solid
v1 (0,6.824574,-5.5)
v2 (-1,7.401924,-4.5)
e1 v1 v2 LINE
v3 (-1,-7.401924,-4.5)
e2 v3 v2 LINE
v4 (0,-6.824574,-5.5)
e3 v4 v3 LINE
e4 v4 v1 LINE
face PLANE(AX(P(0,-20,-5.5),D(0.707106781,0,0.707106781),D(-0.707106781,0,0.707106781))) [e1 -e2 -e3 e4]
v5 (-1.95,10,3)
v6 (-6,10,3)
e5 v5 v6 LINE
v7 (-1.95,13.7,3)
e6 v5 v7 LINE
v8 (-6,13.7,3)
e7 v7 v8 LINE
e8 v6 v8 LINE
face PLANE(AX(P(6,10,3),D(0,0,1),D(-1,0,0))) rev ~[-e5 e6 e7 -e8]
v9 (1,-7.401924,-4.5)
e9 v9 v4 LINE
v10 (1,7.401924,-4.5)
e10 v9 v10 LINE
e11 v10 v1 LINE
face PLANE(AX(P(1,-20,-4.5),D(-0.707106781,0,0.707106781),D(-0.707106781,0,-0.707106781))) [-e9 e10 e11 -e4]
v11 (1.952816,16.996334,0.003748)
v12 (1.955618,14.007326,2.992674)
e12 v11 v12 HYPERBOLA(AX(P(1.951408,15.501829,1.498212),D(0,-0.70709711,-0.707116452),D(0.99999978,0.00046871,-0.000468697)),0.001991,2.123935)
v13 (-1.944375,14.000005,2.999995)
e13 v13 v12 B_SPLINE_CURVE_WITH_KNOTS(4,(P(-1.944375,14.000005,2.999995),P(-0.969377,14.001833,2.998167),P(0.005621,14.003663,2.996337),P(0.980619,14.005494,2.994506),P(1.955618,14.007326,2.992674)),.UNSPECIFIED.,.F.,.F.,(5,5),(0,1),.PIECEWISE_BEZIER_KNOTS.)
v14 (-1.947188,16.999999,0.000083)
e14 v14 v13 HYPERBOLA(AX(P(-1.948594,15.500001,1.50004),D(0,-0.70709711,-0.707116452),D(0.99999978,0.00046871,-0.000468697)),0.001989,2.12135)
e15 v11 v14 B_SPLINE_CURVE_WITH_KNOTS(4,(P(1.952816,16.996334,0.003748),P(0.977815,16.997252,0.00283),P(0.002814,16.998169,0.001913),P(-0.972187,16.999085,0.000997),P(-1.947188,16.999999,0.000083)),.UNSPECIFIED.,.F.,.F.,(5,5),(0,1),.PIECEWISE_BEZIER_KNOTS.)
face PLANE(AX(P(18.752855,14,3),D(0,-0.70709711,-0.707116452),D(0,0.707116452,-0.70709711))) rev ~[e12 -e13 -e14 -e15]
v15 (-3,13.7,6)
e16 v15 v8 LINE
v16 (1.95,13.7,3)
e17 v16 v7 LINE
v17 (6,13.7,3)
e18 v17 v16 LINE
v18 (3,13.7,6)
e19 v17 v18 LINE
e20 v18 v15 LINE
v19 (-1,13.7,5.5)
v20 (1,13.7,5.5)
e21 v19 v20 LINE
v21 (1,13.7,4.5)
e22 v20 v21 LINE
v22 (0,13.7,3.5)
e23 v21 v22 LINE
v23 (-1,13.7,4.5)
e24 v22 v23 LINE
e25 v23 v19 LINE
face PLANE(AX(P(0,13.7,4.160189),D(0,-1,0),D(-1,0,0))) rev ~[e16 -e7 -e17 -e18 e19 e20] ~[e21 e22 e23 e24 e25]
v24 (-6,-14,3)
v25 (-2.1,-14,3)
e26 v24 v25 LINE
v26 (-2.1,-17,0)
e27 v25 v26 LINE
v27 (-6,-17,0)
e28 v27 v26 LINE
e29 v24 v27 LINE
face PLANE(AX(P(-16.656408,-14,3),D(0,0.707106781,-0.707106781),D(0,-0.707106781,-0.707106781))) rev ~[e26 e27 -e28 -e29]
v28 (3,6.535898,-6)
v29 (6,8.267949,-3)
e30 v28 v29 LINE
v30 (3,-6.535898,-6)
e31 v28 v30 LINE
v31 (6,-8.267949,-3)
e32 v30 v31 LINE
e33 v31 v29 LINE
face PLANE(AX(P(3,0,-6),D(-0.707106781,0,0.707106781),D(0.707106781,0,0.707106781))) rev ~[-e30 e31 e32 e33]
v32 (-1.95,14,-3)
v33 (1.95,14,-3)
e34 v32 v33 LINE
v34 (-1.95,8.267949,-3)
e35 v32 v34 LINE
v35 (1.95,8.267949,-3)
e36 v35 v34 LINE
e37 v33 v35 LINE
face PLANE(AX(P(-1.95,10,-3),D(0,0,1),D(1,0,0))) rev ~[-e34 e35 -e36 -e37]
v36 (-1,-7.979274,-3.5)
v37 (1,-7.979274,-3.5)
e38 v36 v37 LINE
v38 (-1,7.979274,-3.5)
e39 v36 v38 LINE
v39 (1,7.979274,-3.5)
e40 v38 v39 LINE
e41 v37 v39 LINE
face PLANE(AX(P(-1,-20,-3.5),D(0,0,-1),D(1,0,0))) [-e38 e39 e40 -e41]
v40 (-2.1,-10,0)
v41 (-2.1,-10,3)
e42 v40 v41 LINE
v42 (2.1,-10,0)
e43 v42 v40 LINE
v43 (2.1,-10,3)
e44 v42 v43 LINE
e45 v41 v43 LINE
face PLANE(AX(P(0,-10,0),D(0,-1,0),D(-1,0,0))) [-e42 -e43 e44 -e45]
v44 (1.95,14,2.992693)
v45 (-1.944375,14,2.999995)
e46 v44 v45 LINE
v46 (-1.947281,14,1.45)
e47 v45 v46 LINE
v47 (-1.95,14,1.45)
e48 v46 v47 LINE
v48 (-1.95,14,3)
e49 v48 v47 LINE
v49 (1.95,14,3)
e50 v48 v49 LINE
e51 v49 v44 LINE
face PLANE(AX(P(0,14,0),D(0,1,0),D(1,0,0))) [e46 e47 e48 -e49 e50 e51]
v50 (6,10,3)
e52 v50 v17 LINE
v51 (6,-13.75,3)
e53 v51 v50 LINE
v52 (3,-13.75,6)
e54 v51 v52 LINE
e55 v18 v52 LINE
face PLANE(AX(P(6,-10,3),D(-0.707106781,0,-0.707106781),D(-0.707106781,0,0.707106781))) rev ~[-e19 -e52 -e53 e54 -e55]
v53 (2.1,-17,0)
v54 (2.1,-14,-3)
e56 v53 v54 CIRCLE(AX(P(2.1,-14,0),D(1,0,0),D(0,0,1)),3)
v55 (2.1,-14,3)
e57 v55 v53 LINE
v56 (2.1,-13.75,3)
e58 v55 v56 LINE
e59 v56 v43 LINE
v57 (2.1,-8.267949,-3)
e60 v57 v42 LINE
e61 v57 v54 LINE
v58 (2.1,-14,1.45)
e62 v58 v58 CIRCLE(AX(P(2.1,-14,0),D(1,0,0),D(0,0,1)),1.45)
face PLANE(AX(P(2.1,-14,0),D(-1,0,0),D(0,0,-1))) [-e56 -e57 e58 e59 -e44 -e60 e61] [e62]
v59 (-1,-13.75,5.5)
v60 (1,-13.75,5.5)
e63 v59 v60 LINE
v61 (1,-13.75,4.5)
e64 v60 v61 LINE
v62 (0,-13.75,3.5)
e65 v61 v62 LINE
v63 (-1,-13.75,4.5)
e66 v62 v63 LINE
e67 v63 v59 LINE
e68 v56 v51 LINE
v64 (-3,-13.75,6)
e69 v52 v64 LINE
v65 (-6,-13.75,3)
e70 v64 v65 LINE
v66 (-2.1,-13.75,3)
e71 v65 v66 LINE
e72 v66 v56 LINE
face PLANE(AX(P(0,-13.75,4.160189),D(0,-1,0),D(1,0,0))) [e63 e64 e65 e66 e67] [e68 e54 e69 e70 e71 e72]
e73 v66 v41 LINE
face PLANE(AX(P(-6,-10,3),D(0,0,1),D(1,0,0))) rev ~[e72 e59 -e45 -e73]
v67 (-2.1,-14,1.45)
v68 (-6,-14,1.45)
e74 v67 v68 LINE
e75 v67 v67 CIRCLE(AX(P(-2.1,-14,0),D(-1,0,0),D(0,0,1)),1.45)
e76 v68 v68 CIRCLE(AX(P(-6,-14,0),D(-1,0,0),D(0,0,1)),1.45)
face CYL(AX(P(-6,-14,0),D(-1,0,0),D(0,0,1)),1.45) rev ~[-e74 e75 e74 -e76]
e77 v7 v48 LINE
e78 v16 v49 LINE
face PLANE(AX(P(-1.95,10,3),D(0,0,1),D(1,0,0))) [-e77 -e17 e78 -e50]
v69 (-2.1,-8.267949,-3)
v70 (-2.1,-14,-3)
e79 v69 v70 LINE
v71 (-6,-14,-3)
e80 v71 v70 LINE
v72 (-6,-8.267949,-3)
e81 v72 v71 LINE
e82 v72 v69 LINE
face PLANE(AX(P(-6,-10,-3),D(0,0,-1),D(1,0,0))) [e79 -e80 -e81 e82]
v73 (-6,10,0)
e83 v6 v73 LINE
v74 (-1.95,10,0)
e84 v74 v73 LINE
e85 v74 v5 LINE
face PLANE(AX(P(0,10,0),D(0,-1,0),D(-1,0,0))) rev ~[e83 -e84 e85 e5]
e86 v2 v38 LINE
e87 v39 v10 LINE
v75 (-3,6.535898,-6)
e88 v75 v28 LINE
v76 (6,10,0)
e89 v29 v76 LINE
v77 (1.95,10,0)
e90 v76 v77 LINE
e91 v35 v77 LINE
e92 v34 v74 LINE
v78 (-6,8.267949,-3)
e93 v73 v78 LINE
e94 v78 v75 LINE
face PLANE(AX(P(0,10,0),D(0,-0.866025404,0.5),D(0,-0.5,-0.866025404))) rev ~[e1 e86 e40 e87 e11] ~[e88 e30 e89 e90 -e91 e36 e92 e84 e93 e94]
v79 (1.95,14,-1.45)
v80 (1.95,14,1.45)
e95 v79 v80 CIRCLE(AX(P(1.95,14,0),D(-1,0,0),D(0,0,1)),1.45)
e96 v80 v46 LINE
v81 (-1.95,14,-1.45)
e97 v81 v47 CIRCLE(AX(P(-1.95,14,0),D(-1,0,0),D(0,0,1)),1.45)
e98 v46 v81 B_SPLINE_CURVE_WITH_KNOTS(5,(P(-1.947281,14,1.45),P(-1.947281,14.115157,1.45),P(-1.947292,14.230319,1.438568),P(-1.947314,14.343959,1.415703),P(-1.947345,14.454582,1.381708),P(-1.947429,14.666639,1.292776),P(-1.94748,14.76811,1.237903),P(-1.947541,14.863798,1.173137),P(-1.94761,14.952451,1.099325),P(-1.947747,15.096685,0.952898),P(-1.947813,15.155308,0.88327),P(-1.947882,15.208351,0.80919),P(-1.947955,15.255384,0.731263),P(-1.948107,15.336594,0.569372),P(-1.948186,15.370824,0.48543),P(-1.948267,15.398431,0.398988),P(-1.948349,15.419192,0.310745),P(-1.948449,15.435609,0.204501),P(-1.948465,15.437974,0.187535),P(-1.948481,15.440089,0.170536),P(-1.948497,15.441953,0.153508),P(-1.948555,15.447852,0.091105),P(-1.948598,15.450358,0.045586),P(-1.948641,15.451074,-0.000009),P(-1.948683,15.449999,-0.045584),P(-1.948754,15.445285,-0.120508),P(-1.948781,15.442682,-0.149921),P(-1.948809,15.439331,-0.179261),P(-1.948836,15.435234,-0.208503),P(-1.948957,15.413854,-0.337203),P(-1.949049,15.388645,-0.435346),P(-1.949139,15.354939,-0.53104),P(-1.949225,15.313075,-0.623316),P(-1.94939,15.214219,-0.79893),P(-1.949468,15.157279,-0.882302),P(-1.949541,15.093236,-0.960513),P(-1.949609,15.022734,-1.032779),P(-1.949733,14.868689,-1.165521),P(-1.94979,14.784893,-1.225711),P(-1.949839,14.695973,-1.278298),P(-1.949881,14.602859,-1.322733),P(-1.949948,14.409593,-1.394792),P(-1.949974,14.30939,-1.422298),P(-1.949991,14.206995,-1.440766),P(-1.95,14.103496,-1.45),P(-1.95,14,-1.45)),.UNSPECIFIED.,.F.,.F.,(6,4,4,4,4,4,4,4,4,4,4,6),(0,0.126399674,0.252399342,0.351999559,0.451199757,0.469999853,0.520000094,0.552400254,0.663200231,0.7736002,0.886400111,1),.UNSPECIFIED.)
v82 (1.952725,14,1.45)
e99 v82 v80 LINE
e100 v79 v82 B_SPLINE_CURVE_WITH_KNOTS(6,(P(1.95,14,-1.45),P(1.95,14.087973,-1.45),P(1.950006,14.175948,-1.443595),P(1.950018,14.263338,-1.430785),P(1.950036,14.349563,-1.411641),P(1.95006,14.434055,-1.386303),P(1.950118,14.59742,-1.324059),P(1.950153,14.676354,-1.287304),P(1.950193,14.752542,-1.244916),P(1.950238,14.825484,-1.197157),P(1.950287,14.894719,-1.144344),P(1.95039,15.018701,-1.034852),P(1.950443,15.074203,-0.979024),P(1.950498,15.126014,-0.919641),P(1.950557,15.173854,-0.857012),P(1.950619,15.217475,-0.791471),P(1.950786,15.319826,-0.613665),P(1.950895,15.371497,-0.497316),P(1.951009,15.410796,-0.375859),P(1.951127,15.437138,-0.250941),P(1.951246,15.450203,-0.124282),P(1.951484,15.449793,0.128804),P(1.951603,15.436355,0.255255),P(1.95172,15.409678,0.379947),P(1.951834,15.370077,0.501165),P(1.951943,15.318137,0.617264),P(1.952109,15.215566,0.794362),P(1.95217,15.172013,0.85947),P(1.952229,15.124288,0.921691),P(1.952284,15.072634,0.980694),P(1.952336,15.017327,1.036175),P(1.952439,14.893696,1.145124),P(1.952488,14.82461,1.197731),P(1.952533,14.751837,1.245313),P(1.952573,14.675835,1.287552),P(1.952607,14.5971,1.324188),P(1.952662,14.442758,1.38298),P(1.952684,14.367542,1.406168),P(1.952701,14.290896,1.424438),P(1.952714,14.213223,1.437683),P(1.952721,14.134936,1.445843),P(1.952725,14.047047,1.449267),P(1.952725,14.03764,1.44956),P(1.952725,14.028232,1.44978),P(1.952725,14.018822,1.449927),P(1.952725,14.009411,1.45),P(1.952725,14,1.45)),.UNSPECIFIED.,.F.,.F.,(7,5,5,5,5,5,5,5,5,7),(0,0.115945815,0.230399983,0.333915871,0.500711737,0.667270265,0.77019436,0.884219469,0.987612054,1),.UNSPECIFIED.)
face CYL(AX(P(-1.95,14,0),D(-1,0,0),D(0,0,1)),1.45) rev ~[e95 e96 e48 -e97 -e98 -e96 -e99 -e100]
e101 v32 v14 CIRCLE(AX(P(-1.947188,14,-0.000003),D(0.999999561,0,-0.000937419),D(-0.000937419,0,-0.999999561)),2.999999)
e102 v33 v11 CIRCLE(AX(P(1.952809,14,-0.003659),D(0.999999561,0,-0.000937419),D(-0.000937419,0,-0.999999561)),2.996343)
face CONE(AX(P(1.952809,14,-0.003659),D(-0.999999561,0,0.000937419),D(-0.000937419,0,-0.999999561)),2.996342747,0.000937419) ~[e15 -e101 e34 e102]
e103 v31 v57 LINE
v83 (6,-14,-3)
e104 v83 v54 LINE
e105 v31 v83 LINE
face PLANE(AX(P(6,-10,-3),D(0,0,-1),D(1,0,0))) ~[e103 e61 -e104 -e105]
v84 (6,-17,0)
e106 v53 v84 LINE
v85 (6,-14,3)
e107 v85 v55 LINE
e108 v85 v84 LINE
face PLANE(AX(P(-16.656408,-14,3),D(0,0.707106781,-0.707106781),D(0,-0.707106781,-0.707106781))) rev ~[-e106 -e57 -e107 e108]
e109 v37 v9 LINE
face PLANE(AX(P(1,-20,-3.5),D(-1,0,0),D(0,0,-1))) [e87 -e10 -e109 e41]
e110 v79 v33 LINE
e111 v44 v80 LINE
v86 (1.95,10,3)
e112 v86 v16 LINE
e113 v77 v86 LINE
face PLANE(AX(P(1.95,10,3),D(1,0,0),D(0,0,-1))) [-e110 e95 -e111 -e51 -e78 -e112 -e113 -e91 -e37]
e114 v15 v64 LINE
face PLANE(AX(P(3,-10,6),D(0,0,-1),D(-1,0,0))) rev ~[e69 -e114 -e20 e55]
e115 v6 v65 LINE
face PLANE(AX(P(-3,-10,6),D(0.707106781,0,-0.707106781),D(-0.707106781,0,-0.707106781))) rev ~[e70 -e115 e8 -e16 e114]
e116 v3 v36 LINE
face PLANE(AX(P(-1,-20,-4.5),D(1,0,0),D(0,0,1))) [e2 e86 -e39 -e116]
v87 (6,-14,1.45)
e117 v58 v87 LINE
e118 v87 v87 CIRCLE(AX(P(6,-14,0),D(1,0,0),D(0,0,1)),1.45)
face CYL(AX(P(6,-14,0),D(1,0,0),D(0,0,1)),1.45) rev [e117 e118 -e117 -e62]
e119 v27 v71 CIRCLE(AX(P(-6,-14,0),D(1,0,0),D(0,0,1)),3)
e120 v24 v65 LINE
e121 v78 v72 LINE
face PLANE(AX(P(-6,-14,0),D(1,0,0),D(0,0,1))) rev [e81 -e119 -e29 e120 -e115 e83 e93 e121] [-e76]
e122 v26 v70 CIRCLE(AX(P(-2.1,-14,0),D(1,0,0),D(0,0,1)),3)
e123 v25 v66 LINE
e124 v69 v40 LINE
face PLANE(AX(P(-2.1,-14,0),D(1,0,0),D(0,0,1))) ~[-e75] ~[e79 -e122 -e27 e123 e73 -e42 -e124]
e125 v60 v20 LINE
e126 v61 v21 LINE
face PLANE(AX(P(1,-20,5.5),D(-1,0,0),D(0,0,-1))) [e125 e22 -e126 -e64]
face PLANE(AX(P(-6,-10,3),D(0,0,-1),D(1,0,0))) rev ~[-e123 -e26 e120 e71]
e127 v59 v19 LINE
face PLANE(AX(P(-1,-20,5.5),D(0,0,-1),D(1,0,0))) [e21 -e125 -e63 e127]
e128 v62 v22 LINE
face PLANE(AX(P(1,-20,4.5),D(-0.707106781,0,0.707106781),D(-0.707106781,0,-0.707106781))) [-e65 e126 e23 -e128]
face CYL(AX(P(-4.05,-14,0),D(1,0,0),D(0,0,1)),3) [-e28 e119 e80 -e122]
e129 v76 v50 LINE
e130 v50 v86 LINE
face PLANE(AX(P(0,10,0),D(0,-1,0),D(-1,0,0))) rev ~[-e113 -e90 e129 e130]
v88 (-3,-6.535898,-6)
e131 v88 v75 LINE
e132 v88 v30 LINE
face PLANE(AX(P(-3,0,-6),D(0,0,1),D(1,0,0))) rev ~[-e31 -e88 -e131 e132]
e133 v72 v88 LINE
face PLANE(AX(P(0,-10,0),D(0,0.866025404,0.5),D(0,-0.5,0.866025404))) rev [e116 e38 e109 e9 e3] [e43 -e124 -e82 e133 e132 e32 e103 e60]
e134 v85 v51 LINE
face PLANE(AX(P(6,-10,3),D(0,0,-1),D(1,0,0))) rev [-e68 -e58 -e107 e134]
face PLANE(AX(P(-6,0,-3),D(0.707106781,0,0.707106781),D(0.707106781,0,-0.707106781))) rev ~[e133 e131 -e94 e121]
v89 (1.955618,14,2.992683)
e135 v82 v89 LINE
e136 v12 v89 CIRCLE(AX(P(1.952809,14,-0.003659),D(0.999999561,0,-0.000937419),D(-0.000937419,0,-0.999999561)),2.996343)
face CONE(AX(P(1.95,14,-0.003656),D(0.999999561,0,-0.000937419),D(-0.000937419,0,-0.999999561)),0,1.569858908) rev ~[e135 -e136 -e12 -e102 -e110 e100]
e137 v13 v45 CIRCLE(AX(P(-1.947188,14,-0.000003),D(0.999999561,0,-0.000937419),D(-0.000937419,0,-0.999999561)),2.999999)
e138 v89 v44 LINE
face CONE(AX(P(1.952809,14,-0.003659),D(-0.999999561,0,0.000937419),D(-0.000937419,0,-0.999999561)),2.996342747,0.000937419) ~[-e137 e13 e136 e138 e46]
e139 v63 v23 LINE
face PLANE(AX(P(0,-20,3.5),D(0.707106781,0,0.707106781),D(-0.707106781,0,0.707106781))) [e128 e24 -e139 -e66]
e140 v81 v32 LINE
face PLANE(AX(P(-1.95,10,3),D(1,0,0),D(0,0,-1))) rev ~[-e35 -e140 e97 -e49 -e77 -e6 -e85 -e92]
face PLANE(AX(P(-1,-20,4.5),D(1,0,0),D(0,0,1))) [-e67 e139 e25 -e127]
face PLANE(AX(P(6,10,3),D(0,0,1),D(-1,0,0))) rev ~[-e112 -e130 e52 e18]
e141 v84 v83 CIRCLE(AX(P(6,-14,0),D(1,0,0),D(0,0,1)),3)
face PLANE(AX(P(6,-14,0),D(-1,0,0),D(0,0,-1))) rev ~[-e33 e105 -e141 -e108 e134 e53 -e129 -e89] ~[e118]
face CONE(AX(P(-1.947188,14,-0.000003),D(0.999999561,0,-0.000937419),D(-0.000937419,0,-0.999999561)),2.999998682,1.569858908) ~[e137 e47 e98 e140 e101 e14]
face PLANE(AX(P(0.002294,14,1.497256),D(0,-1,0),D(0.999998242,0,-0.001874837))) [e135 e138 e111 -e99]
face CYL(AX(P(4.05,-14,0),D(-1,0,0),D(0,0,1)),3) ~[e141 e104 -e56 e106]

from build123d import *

# Parameters (mm, degrees)
BOSS_EXTRUDE1_DEPTH     = 10
CUT_EXTRUDE2_DEPTH      = 14.114877049
SKETCH6_W               = 3.9
SKETCH6_H               = 6
BOSS_EXTRUDE3_DEPTH     = 4
SKETCH7_W               = 3.9
SKETCH7_H               = 3
REVOLVE1_ANGLE          = 180
SKETCH9_R               = 1.45
CUT_EXTRUDE3_DEPTH      = 5
SKETCH10_W              = 3.9
SKETCH10_H              = 6
BOSS_EXTRUDE4_DEPTH     = 4
REVOLVE2_ANGLE          = 180
SKETCH14_R              = 1.45
CUT_EXTRUDE4_DEPTH      = 5
BOSS_EXTRUDE7_DEPTH     = 3.7
BOSS_EXTRUDE17_DEPTH    = 3.75
CUT_EXTRUDE6_DEPTH      = 20
CUT_EXTRUDE6_DEPTH_BACK = 20
CUT_EXTRUDE7_DEPTH      = 20.702855123
CUT_EXTRUDE7_DEPTH_BACK = 20.702855123
CUT_EXTRUDE8_DEPTH      = 22.656407828
CUT_EXTRUDE8_DEPTH_BACK = 22.656407828


with BuildPart() as part:
    # Sketch2 → Boss-Extrude1 (new, symmetric)
    with BuildSketch(Plane(origin=(0, 0, 0), x_dir=(1, 0, 0), z_dir=(0, 1, 0))):
        Polygon((-3, 6), (3, 6), (6, 3), (6, -3), (3, -6), (-3, -6), (-6, -3), (-6, 3), align=None)
    extrude(amount=BOSS_EXTRUDE1_DEPTH, both=True)

    # Sketch5 → Cut-Extrude2 (cut, symmetric)
    with BuildSketch(Plane(origin=(0, 0, 0), x_dir=(0, 0, -1), z_dir=(1, 0, 0))):
        Polygon((0, 10), (6, 6.535898385), (6, 10), align=None)
    cut_extrude2 = extrude(amount=CUT_EXTRUDE2_DEPTH, both=True, mode=Mode.SUBTRACT)

    # Mirror3: Cut-Extrude2 across plane
    add(cut_extrude2.mirror(Plane.ZX), mode=Mode.SUBTRACT)

    # Sketch6 → Boss-Extrude3 (add, symmetric)
    with BuildSketch(Plane.XZ.offset(10)):
        with Locations((-4.05, 0)):
            Rectangle(SKETCH6_W, SKETCH6_H)
    boss_extrude3 = extrude(amount=BOSS_EXTRUDE3_DEPTH, both=True)

    # Sketch7 → Revolve1 (revolve)
    with BuildSketch(Plane.XZ.offset(14)):
        with Locations((-4.05, 1.5)):
            Rectangle(SKETCH7_W, SKETCH7_H)
    revolve1 = revolve(axis=Axis((-6, -14, 0), (1, 0, 0)), revolution_arc=REVOLVE1_ANGLE)

    # Sketch9 → Cut-Extrude3 (cut, symmetric)
    with BuildSketch(Plane.ZY.offset(6)):
        with Locations((0, -14)):
            Circle(SKETCH9_R)
    cut_extrude3 = extrude(amount=CUT_EXTRUDE3_DEPTH, both=True, mode=Mode.SUBTRACT)

    # Mirror5: Boss-Extrude3, Revolve1, Cut-Extrude3 across plane
    add(boss_extrude3.mirror(Plane(origin=(0, 0, 0), x_dir=(0, 0, 1), z_dir=(1, 0, 0))))
    add(revolve1.mirror(Plane(origin=(0, 0, 0), x_dir=(0, 0, 1), z_dir=(1, 0, 0))))
    add(cut_extrude3.mirror(Plane(origin=(0, 0, 0), x_dir=(0, 0, 1), z_dir=(1, 0, 0))), mode=Mode.SUBTRACT)

    # Sketch10 → Boss-Extrude4 (add, symmetric)
    with BuildSketch(Plane(origin=(0, 10, 0), x_dir=(1, 0, 0), z_dir=(0, 1, 0))):
        Rectangle(SKETCH10_W, SKETCH10_H)
    extrude(amount=BOSS_EXTRUDE4_DEPTH, both=True)

    # Sketch12 → Revolve2 (revolve)
    with BuildSketch(Plane(origin=(0, 14, 0), x_dir=(1, 0, 0), z_dir=(0, 1, 0))):
        Polygon((-1.95, 3), (-1.95, 0), (1.95, 0.003655936), (1.95, 3), align=None)
    revolve(axis=Axis((-1.95, 14, 0), (0.9999995606226393, 0, -0.0009374190783233235)), revolution_arc=REVOLVE2_ANGLE)

    # Sketch14 → Cut-Extrude4 (cut, symmetric)
    with BuildSketch(Plane.ZY.offset(1.95)):
        with Locations((0, 14)):
            Circle(SKETCH14_R)
    extrude(amount=CUT_EXTRUDE4_DEPTH, both=True, mode=Mode.SUBTRACT)

    # Sketch17 → Boss-Extrude7 (add)
    with BuildSketch(Plane(origin=(0, 10, 0), x_dir=(1, 0, 0), z_dir=(0, 1, 0))):
        Polygon((-6, -3), (-1.95, -3), (1.95, -3), (6, -3), (3, -6), (-3, -6), align=None)
    extrude(amount=BOSS_EXTRUDE7_DEPTH)

    # Sketch19 → Boss-Extrude17 (add)
    with BuildSketch(Plane.XZ.offset(10)):
        Polygon((-6, 3), (-2.1, 3), (2.1, 3), (6, 3), (3, 6), (-3, 6), align=None)
    extrude(amount=BOSS_EXTRUDE17_DEPTH)

    # Sketch15 → Cut-Extrude6 (cut, two sides: drawn at the far end of the back side and taken through both)
    with BuildSketch(Plane(origin=(0, 0, 0), x_dir=(1, 0, 0), z_dir=(0, 1, 0)).offset(-CUT_EXTRUDE6_DEPTH_BACK)):
        Polygon((0, 5.5), (-1, 4.5), (-1, 3.5), (1, 3.5), (1, 4.5), align=None)
        Polygon((1, -4.5), (0, -3.5), (-1, -4.5), (-1, -5.5), (1, -5.5), align=None)
    extrude(amount=CUT_EXTRUDE6_DEPTH + CUT_EXTRUDE6_DEPTH_BACK, mode=Mode.SUBTRACT)

    # Sketch20 → Cut-Extrude7 (cut, two sides: drawn at the far end of the back side and taken through both)
    with BuildSketch(Plane.ZY.offset(1.95).offset(-CUT_EXTRUDE7_DEPTH_BACK)):
        Polygon((3, 14), (8.338e-05, 16.999998681), (8.6017e-05, 17.537492691), (3, 17.537492691), (3.371623525, 17.537492691), (3.371623525, 14), align=None)
    extrude(amount=CUT_EXTRUDE7_DEPTH + CUT_EXTRUDE7_DEPTH_BACK, mode=Mode.SUBTRACT)

    # Sketch21 → Cut-Extrude8 (cut, two sides: drawn at the far end of the back side and taken through both)
    with BuildSketch(Plane(origin=(6, 0, 0), x_dir=(0, 0, -1), z_dir=(1, 0, 0)).offset(-CUT_EXTRUDE8_DEPTH_BACK)):
        Polygon((-3, -14), (0, -17), (0, -17.720731205), (-3.510483934, -17.720731205), (-3.510483934, -14.510483934), (-3.510483934, -14), align=None)
    extrude(amount=CUT_EXTRUDE8_DEPTH + CUT_EXTRUDE8_DEPTH_BACK, mode=Mode.SUBTRACT)


solid = part.part
